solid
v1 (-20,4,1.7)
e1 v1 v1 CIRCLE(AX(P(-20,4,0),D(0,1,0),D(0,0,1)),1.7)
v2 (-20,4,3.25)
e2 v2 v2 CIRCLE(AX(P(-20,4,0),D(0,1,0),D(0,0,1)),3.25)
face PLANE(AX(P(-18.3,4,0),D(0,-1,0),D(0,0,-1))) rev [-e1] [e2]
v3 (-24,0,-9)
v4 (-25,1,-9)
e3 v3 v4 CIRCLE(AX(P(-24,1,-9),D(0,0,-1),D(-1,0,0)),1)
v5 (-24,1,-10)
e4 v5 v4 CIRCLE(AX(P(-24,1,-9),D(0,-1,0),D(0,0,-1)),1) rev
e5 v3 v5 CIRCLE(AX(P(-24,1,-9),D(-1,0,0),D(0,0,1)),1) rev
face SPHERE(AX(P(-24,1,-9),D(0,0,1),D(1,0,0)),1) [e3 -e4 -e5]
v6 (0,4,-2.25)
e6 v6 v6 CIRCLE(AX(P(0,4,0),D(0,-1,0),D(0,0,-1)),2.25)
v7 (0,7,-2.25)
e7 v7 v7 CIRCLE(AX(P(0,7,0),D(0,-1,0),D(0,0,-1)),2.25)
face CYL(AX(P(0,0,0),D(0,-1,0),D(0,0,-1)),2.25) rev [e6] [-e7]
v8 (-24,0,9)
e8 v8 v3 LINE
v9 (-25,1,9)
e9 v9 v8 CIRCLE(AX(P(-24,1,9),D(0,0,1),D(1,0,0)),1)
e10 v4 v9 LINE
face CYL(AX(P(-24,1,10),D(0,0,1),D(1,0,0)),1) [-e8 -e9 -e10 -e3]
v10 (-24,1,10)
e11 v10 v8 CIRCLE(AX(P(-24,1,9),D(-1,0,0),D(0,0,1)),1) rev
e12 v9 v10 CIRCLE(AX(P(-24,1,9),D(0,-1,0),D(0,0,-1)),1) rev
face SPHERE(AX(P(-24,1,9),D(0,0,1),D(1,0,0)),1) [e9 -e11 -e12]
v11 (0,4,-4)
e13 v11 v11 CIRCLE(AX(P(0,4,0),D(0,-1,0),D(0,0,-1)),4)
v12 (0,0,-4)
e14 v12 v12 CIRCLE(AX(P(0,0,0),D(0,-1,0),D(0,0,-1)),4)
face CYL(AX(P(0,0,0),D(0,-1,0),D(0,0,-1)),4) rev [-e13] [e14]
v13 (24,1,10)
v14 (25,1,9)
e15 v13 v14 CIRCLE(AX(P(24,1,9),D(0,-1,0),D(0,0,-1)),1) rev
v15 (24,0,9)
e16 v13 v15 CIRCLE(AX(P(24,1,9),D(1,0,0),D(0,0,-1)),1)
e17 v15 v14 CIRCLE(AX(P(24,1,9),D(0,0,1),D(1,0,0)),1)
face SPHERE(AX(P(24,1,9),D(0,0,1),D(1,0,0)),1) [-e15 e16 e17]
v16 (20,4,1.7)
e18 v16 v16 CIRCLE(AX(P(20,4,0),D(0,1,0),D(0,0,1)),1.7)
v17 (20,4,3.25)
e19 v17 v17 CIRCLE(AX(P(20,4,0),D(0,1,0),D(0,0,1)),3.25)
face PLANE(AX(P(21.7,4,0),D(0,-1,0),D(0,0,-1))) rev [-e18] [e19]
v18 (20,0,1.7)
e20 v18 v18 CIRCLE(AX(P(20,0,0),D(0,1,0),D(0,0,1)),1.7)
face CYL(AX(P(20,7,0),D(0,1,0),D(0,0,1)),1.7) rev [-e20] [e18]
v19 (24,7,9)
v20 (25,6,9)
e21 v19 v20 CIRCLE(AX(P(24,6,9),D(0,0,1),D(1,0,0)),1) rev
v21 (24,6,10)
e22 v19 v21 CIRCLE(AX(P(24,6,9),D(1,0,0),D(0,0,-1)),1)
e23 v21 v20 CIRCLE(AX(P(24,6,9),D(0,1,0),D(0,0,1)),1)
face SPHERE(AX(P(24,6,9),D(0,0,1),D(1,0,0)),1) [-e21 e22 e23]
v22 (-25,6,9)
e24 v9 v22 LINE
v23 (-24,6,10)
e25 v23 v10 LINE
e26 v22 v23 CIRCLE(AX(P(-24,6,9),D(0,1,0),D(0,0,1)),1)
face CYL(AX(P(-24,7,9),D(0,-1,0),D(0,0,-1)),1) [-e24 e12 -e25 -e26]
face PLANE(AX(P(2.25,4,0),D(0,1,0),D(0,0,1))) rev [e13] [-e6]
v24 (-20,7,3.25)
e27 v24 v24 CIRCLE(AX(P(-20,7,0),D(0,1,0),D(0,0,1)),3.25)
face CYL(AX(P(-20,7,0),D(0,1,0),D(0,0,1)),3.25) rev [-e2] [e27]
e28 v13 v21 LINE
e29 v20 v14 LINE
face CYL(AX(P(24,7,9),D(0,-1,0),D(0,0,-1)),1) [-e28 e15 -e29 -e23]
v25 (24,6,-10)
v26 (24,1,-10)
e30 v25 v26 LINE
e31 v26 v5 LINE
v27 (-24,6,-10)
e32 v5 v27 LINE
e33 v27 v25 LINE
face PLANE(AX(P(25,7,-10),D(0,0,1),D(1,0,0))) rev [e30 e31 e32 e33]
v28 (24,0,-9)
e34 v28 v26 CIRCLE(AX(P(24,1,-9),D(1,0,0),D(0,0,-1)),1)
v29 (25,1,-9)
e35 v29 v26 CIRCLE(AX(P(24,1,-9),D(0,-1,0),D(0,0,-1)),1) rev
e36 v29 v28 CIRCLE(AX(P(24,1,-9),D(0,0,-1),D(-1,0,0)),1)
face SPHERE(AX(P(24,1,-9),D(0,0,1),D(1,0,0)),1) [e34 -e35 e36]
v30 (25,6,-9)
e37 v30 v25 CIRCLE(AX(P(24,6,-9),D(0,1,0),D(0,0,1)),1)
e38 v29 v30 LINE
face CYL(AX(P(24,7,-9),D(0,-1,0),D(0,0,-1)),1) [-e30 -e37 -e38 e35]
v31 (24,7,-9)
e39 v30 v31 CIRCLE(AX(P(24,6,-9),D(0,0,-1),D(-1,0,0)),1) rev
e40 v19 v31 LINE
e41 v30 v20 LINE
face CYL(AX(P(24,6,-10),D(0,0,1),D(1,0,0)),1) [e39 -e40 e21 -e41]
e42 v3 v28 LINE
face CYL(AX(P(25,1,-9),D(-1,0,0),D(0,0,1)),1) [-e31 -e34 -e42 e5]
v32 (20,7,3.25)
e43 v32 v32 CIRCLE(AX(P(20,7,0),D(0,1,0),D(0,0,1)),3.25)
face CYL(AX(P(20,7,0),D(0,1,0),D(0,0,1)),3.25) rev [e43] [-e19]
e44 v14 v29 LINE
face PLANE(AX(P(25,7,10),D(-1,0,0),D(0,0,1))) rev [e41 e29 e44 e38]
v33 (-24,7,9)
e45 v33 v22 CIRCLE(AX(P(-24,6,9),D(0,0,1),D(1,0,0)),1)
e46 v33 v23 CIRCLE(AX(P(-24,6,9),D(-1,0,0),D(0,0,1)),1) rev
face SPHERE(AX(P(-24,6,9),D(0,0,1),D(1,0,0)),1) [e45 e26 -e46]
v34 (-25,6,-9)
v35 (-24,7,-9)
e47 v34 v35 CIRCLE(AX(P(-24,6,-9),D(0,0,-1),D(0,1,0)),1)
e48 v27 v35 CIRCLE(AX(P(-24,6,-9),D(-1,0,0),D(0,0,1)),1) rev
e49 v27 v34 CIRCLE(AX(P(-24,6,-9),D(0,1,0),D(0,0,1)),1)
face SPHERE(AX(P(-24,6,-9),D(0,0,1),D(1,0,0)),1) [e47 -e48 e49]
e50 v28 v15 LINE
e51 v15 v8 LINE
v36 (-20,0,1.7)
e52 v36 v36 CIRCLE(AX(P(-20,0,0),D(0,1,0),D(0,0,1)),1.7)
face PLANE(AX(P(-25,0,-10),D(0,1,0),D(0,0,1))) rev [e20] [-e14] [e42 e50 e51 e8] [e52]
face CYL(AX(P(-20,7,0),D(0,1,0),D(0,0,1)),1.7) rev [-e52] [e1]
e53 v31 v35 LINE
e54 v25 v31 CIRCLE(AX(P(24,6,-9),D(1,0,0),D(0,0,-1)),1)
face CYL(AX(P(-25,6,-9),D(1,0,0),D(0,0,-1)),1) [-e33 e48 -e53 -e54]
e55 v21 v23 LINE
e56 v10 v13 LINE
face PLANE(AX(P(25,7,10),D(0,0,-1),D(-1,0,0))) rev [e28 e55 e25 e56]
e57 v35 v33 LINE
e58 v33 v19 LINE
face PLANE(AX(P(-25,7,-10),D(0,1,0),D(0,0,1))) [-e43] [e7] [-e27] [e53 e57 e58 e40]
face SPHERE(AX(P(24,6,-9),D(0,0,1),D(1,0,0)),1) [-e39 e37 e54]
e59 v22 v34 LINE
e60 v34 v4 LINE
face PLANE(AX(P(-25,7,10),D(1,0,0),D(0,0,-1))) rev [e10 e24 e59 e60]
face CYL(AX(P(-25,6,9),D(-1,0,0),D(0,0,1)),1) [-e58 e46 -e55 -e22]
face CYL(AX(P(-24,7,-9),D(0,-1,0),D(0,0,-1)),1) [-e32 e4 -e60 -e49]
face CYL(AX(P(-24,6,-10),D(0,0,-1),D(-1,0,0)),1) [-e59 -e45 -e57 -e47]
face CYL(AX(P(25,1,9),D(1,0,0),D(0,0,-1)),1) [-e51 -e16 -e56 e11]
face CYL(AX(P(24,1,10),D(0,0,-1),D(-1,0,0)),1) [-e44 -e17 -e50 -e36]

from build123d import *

# Parameters (mm, degrees)
SKETCH1_W                      = 50
SKETCH1_H                      = 20
EXTRUDE1_DEPTH                 = 7
CBORE_FOR_M3_SHCS1_D           = 3.4
CBORE_FOR_M3_SHCS1_CBORE_D     = 6.5
CBORE_FOR_M3_SHCS1_CBORE_DEPTH = 3
FILLET1_R                      = 1
CBORE_FOR_M4_SHCS1_D           = 4.5
CBORE_FOR_M4_SHCS1_CBORE_D     = 8
CBORE_FOR_M4_SHCS1_CBORE_DEPTH = 4


with BuildPart() as part:
    # Sketch1 → Extrude1 (new body)
    with BuildSketch(Plane(origin=(0, 0, 0), x_dir=(1, 0, 0), z_dir=(0, 1, 0))):
        Rectangle(SKETCH1_W, SKETCH1_H)
    extrude(amount=EXTRUDE1_DEPTH)

    # CBORE for M3 SHCS1 (through all)
    with Locations(Plane(origin=(0, 7, 0), x_dir=(-1, 0, 0), z_dir=(0, 1, 0))):
        with Locations((20, 0), (-20, 0)):
            CounterBoreHole(CBORE_FOR_M3_SHCS1_D / 2, CBORE_FOR_M3_SHCS1_CBORE_D / 2, CBORE_FOR_M3_SHCS1_CBORE_DEPTH)

    # Fillet1
    fillet1_edges = [part.edges().sort_by_distance(p)[0] for p in [
        (25, 7, 0),
        (0, 7, -10),
        (-25, 7, 0),
        (0, 0, -10),
        (25, 0, 0),
        (0, 0, 10),
        (-25, 0, 0),
        (0, 7, 10),
        (-25, 3.5, -10),
        (25, 3.5, -10),
        (25, 3.5, 10),
        (-25, 3.5, 10),
    ]]
    fillet(fillet1_edges, radius=FILLET1_R)

    # CBORE for M4 SHCS1 (through all)
    with Locations(Plane(origin=(0, 0, 0), x_dir=(0, 0, -1), z_dir=(0, -1, 0))):
        with Locations((0, 0)):
            CounterBoreHole(CBORE_FOR_M4_SHCS1_D / 2, CBORE_FOR_M4_SHCS1_CBORE_D / 2, CBORE_FOR_M4_SHCS1_CBORE_DEPTH)


solid = part.part
